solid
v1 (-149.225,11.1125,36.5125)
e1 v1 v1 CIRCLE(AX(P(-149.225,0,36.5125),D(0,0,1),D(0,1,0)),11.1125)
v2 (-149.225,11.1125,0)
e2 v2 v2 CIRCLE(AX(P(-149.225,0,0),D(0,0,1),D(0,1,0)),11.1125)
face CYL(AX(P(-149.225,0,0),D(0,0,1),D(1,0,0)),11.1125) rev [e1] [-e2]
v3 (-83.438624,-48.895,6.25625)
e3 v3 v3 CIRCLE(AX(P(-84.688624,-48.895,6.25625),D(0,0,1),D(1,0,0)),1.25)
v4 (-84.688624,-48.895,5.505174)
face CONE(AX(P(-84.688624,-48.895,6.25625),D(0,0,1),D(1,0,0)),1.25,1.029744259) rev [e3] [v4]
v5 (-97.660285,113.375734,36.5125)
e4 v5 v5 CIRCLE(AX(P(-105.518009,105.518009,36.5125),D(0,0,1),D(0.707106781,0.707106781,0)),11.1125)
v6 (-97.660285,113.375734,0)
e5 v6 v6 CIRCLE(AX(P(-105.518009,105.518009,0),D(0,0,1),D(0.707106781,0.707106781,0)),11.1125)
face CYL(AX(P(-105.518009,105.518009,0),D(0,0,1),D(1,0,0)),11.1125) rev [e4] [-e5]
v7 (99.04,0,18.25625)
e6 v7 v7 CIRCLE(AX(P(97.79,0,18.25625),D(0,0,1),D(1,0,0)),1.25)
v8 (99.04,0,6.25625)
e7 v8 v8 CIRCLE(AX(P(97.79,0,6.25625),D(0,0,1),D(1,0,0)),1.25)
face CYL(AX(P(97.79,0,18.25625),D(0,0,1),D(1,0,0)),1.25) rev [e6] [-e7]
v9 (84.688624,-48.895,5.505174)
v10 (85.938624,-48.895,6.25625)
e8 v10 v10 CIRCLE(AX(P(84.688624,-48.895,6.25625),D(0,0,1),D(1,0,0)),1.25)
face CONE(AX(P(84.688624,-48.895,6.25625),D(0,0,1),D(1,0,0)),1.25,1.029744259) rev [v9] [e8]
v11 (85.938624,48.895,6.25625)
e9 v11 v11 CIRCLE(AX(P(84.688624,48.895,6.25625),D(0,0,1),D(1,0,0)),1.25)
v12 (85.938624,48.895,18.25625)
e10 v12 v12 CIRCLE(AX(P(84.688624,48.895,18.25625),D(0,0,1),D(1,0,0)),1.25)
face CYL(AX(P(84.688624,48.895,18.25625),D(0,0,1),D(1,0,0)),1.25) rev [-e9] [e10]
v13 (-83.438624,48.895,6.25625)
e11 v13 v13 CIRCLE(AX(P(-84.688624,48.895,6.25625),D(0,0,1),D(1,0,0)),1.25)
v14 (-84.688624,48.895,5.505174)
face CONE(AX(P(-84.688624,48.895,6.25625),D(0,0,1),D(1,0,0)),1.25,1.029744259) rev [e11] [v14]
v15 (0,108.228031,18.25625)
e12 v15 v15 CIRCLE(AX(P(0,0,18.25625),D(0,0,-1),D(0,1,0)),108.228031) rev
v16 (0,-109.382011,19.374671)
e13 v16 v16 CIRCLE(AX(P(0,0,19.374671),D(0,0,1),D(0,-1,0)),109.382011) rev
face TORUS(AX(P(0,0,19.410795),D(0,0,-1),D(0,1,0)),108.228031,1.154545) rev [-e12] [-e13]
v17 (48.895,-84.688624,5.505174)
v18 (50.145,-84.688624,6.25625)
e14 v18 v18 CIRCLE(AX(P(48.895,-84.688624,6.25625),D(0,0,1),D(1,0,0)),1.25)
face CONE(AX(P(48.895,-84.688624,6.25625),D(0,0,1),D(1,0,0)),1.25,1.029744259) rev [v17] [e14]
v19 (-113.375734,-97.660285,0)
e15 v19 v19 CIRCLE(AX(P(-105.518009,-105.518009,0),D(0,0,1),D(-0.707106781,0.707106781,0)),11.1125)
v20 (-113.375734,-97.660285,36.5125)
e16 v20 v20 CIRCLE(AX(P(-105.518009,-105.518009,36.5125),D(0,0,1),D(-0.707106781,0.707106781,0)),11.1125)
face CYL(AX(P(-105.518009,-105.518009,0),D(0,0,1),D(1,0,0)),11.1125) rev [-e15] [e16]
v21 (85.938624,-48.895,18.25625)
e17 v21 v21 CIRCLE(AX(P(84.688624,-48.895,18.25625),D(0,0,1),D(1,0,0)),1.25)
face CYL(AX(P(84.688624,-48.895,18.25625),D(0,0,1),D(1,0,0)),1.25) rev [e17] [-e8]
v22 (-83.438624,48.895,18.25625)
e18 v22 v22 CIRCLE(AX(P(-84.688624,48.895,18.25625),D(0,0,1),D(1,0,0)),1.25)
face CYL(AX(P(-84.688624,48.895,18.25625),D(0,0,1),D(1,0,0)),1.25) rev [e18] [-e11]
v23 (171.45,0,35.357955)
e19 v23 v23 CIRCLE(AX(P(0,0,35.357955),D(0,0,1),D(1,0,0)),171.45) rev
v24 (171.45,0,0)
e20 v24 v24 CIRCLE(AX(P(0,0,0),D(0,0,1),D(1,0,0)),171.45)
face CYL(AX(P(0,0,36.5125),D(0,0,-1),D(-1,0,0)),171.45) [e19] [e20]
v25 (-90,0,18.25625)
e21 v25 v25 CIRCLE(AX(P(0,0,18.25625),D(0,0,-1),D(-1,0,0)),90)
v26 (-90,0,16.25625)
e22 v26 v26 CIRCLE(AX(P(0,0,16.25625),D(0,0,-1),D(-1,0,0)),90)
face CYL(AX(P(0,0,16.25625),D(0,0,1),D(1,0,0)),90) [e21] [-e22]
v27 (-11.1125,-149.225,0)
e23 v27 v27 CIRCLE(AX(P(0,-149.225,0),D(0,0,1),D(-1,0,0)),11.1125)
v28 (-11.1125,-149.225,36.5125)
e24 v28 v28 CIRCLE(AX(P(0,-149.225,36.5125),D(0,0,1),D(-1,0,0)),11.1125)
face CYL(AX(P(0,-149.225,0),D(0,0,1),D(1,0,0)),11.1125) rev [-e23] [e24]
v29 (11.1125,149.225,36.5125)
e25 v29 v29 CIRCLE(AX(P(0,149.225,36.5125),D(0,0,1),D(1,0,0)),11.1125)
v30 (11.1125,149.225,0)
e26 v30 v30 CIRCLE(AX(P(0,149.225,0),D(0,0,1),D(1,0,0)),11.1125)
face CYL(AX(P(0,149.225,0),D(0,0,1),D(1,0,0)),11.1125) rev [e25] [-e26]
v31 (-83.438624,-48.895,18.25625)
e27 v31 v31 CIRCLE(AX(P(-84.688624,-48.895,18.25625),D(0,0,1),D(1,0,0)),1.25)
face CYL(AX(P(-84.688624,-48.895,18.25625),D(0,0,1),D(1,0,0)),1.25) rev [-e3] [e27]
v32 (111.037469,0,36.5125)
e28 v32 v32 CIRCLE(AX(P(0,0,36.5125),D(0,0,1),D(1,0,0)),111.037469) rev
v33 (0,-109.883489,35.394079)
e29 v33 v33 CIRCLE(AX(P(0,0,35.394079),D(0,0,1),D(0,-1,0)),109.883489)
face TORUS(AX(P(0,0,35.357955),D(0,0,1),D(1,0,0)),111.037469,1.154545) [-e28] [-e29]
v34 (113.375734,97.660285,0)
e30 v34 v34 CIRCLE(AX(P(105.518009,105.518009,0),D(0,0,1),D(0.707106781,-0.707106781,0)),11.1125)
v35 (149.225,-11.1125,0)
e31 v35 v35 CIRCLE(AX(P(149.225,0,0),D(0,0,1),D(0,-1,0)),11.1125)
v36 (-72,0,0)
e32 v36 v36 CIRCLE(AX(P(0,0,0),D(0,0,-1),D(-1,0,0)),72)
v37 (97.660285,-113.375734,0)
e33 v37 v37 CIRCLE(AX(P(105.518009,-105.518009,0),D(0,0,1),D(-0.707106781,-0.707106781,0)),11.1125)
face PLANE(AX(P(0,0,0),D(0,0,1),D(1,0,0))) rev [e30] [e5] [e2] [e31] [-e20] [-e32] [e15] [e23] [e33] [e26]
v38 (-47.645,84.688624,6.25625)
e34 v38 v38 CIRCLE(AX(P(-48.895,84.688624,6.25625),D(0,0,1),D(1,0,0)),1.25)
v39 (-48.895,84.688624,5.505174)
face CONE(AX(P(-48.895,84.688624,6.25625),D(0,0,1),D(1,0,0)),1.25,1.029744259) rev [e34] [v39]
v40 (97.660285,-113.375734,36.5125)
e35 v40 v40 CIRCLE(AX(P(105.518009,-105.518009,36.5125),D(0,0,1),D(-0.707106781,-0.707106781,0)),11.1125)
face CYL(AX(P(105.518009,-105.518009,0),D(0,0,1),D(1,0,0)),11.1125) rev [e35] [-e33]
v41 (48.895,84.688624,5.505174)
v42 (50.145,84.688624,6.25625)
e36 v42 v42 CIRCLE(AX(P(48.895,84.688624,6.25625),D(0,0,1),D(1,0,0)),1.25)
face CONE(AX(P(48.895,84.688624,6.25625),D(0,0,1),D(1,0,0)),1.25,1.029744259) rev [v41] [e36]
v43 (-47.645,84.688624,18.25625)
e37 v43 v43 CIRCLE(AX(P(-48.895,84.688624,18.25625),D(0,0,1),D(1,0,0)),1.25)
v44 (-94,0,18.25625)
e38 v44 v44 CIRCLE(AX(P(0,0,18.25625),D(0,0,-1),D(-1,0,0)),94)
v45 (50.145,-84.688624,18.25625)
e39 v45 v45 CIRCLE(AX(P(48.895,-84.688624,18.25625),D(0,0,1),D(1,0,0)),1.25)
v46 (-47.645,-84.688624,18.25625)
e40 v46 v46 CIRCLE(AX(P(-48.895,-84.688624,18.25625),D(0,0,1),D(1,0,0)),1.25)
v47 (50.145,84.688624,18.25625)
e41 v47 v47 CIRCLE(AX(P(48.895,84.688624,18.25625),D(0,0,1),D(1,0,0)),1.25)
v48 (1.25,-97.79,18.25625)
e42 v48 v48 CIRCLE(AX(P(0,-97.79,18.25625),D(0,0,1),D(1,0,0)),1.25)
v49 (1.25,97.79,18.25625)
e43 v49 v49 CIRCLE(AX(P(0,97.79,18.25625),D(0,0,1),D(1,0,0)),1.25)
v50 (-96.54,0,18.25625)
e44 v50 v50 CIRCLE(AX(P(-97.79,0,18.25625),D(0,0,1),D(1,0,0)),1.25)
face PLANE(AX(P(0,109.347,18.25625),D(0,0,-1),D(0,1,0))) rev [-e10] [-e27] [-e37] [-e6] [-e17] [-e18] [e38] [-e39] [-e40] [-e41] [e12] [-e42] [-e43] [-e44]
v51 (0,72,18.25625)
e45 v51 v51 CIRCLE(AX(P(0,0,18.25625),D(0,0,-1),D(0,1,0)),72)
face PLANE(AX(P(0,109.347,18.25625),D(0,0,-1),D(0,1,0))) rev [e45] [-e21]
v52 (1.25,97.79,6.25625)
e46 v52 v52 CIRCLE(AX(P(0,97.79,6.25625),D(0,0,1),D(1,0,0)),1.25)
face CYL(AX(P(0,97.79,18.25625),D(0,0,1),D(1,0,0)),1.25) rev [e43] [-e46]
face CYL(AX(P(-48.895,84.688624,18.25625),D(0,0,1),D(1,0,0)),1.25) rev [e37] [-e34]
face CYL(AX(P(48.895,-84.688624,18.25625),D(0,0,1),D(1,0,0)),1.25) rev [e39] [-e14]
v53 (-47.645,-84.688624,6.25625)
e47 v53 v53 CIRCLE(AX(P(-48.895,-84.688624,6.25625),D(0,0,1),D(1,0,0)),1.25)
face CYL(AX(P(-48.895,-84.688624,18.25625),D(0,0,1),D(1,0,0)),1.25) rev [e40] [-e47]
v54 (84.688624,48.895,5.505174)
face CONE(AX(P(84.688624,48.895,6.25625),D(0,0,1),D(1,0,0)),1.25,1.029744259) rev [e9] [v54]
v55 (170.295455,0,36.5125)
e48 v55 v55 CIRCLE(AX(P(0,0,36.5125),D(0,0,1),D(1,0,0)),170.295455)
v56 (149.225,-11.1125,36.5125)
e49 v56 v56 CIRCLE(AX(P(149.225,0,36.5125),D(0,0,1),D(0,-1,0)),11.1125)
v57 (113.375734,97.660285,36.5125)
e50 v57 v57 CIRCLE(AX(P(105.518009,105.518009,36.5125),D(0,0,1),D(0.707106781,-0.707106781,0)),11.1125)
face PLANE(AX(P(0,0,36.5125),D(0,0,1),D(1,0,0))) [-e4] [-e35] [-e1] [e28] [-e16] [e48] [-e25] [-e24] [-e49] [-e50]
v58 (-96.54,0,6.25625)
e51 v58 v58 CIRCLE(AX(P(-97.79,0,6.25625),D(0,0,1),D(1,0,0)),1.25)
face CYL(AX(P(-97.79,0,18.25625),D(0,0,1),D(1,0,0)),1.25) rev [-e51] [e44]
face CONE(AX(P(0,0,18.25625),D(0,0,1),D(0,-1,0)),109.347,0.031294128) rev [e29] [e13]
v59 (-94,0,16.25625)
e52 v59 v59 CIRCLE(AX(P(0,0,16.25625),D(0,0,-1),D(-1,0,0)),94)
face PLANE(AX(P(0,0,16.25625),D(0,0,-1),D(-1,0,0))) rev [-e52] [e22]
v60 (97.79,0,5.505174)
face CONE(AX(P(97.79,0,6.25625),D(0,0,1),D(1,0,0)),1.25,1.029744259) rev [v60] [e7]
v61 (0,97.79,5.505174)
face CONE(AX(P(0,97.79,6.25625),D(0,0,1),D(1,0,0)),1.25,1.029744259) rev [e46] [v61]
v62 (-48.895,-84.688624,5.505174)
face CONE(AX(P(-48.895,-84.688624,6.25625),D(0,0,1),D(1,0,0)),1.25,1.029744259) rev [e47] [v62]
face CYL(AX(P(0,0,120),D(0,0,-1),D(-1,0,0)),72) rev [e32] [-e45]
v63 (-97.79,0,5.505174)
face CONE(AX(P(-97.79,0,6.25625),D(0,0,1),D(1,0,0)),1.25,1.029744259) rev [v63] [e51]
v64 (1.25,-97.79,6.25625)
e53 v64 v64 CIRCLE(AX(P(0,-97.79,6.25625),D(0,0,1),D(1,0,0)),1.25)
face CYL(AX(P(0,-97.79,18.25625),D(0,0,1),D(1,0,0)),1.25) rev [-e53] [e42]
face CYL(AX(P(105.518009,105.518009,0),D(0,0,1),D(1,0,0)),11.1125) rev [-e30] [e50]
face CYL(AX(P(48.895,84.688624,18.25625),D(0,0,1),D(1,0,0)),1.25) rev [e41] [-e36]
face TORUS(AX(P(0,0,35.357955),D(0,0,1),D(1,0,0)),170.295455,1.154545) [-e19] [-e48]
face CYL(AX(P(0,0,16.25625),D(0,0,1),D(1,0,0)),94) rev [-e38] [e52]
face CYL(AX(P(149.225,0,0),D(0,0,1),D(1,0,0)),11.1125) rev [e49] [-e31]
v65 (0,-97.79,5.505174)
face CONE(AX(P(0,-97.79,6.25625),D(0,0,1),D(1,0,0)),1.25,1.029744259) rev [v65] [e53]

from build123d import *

# Parameters (mm, degrees)
SKETCH1_R          = 171.45
EXTRUDE1_DEPTH     = 36.5125
SKETCH2_R          = 11.1125
EXTRUDE2_DEPTH     = 37.5125
CIRPATTERN1_COUNT  = 8
FILLET1_R          = 1.154545455
SKETCH4_R          = 72
CUT_EXTRUDE1_DEPTH = 120
CIRPATTERN2_COUNT  = 12
SKETCH5_R          = 94
SKETCH5_R_2        = 90
CUT_EXTRUDE2_DEPTH = 2


with BuildPart() as part:
    # Sketch1 → Extrude1 (new body)
    with BuildSketch(Plane.XY):
        Circle(SKETCH1_R)
    extrude(amount=EXTRUDE1_DEPTH)

    # Sketch2 → Extrude2 (cut, through all)
    with BuildSketch(Plane.XY.offset(36.5125)):
        with Locations((0, 149.225)):
            Circle(SKETCH2_R)
    extrude2 = extrude(amount=-EXTRUDE2_DEPTH, mode=Mode.SUBTRACT)

    # CirPattern1: Extrude2 ×8 about axis
    cirpattern1_axis = Axis((0, 0, 0), (0, 0, 1))
    for i in range(1, CIRPATTERN1_COUNT):
        add(extrude2.rotate(cirpattern1_axis, i * 360 / CIRPATTERN1_COUNT), mode=Mode.SUBTRACT)

    # Sketch3 → Cut-Revolve1 (revolve, cut)
    with BuildSketch(Plane(origin=(0, 0, 0), x_dir=(0, 0, -1), z_dir=(1, 0, 0))):
        Polygon((-36.5125, 109.9185), (-18.25625, 109.347), (-18.25625, 0), (-36.5125, 0), align=None)
    revolve(axis=Axis((0, 0, 18.25625), (0, 0, 1)), mode=Mode.SUBTRACT)

    # Fillet1
    fillet1_edges = [part.edges().sort_by_distance(p)[0] for p in [
        (0, -109.347, 18.25625),
        (0, -109.9185, 36.5125),
        (-171.45, 0, 36.5125),
    ]]
    fillet(fillet1_edges, radius=FILLET1_R)

    # Sketch4 → Cut-Extrude1 (cut)
    with BuildSketch(Plane(origin=(0, 0, 0), x_dir=(-1, 0, 0), z_dir=(0, 0, -1))):
        Circle(SKETCH4_R)
    extrude(amount=-CUT_EXTRUDE1_DEPTH, mode=Mode.SUBTRACT)

    # Sketch8 → M3x0.5 Tapped Hole1 (revolve, cut)
    with BuildSketch(Plane(origin=(0, 97.79, 18.25625), x_dir=(0, -1, 0), z_dir=(1, 0, 0))):
        Polygon((0, 0), (0, 12.751075774), (1.25, 12), (1.25, 0), align=None)
    m3x0_5_tapped_hole1 = revolve(axis=Axis((0, 97.79, 24.60625), (0, 0, -1)), mode=Mode.SUBTRACT)

    # CirPattern2: M3x0.5 Tapped Hole1 ×12 about axis
    cirpattern2_axis = Axis((0, 0, 0), (0, 0, 1))
    for i in range(1, CIRPATTERN2_COUNT):
        add(m3x0_5_tapped_hole1.rotate(cirpattern2_axis, i * 360 / CIRPATTERN2_COUNT), mode=Mode.SUBTRACT)

    # Sketch5 → Cut-Extrude2 (cut)
    with BuildSketch(Plane(origin=(0, 0, 18.25625), x_dir=(-1, 0, 0), z_dir=(0, 0, -1))):
        Circle(SKETCH5_R)
        Circle(SKETCH5_R_2, mode=Mode.SUBTRACT)
    extrude(amount=CUT_EXTRUDE2_DEPTH, mode=Mode.SUBTRACT)


solid = part.part
